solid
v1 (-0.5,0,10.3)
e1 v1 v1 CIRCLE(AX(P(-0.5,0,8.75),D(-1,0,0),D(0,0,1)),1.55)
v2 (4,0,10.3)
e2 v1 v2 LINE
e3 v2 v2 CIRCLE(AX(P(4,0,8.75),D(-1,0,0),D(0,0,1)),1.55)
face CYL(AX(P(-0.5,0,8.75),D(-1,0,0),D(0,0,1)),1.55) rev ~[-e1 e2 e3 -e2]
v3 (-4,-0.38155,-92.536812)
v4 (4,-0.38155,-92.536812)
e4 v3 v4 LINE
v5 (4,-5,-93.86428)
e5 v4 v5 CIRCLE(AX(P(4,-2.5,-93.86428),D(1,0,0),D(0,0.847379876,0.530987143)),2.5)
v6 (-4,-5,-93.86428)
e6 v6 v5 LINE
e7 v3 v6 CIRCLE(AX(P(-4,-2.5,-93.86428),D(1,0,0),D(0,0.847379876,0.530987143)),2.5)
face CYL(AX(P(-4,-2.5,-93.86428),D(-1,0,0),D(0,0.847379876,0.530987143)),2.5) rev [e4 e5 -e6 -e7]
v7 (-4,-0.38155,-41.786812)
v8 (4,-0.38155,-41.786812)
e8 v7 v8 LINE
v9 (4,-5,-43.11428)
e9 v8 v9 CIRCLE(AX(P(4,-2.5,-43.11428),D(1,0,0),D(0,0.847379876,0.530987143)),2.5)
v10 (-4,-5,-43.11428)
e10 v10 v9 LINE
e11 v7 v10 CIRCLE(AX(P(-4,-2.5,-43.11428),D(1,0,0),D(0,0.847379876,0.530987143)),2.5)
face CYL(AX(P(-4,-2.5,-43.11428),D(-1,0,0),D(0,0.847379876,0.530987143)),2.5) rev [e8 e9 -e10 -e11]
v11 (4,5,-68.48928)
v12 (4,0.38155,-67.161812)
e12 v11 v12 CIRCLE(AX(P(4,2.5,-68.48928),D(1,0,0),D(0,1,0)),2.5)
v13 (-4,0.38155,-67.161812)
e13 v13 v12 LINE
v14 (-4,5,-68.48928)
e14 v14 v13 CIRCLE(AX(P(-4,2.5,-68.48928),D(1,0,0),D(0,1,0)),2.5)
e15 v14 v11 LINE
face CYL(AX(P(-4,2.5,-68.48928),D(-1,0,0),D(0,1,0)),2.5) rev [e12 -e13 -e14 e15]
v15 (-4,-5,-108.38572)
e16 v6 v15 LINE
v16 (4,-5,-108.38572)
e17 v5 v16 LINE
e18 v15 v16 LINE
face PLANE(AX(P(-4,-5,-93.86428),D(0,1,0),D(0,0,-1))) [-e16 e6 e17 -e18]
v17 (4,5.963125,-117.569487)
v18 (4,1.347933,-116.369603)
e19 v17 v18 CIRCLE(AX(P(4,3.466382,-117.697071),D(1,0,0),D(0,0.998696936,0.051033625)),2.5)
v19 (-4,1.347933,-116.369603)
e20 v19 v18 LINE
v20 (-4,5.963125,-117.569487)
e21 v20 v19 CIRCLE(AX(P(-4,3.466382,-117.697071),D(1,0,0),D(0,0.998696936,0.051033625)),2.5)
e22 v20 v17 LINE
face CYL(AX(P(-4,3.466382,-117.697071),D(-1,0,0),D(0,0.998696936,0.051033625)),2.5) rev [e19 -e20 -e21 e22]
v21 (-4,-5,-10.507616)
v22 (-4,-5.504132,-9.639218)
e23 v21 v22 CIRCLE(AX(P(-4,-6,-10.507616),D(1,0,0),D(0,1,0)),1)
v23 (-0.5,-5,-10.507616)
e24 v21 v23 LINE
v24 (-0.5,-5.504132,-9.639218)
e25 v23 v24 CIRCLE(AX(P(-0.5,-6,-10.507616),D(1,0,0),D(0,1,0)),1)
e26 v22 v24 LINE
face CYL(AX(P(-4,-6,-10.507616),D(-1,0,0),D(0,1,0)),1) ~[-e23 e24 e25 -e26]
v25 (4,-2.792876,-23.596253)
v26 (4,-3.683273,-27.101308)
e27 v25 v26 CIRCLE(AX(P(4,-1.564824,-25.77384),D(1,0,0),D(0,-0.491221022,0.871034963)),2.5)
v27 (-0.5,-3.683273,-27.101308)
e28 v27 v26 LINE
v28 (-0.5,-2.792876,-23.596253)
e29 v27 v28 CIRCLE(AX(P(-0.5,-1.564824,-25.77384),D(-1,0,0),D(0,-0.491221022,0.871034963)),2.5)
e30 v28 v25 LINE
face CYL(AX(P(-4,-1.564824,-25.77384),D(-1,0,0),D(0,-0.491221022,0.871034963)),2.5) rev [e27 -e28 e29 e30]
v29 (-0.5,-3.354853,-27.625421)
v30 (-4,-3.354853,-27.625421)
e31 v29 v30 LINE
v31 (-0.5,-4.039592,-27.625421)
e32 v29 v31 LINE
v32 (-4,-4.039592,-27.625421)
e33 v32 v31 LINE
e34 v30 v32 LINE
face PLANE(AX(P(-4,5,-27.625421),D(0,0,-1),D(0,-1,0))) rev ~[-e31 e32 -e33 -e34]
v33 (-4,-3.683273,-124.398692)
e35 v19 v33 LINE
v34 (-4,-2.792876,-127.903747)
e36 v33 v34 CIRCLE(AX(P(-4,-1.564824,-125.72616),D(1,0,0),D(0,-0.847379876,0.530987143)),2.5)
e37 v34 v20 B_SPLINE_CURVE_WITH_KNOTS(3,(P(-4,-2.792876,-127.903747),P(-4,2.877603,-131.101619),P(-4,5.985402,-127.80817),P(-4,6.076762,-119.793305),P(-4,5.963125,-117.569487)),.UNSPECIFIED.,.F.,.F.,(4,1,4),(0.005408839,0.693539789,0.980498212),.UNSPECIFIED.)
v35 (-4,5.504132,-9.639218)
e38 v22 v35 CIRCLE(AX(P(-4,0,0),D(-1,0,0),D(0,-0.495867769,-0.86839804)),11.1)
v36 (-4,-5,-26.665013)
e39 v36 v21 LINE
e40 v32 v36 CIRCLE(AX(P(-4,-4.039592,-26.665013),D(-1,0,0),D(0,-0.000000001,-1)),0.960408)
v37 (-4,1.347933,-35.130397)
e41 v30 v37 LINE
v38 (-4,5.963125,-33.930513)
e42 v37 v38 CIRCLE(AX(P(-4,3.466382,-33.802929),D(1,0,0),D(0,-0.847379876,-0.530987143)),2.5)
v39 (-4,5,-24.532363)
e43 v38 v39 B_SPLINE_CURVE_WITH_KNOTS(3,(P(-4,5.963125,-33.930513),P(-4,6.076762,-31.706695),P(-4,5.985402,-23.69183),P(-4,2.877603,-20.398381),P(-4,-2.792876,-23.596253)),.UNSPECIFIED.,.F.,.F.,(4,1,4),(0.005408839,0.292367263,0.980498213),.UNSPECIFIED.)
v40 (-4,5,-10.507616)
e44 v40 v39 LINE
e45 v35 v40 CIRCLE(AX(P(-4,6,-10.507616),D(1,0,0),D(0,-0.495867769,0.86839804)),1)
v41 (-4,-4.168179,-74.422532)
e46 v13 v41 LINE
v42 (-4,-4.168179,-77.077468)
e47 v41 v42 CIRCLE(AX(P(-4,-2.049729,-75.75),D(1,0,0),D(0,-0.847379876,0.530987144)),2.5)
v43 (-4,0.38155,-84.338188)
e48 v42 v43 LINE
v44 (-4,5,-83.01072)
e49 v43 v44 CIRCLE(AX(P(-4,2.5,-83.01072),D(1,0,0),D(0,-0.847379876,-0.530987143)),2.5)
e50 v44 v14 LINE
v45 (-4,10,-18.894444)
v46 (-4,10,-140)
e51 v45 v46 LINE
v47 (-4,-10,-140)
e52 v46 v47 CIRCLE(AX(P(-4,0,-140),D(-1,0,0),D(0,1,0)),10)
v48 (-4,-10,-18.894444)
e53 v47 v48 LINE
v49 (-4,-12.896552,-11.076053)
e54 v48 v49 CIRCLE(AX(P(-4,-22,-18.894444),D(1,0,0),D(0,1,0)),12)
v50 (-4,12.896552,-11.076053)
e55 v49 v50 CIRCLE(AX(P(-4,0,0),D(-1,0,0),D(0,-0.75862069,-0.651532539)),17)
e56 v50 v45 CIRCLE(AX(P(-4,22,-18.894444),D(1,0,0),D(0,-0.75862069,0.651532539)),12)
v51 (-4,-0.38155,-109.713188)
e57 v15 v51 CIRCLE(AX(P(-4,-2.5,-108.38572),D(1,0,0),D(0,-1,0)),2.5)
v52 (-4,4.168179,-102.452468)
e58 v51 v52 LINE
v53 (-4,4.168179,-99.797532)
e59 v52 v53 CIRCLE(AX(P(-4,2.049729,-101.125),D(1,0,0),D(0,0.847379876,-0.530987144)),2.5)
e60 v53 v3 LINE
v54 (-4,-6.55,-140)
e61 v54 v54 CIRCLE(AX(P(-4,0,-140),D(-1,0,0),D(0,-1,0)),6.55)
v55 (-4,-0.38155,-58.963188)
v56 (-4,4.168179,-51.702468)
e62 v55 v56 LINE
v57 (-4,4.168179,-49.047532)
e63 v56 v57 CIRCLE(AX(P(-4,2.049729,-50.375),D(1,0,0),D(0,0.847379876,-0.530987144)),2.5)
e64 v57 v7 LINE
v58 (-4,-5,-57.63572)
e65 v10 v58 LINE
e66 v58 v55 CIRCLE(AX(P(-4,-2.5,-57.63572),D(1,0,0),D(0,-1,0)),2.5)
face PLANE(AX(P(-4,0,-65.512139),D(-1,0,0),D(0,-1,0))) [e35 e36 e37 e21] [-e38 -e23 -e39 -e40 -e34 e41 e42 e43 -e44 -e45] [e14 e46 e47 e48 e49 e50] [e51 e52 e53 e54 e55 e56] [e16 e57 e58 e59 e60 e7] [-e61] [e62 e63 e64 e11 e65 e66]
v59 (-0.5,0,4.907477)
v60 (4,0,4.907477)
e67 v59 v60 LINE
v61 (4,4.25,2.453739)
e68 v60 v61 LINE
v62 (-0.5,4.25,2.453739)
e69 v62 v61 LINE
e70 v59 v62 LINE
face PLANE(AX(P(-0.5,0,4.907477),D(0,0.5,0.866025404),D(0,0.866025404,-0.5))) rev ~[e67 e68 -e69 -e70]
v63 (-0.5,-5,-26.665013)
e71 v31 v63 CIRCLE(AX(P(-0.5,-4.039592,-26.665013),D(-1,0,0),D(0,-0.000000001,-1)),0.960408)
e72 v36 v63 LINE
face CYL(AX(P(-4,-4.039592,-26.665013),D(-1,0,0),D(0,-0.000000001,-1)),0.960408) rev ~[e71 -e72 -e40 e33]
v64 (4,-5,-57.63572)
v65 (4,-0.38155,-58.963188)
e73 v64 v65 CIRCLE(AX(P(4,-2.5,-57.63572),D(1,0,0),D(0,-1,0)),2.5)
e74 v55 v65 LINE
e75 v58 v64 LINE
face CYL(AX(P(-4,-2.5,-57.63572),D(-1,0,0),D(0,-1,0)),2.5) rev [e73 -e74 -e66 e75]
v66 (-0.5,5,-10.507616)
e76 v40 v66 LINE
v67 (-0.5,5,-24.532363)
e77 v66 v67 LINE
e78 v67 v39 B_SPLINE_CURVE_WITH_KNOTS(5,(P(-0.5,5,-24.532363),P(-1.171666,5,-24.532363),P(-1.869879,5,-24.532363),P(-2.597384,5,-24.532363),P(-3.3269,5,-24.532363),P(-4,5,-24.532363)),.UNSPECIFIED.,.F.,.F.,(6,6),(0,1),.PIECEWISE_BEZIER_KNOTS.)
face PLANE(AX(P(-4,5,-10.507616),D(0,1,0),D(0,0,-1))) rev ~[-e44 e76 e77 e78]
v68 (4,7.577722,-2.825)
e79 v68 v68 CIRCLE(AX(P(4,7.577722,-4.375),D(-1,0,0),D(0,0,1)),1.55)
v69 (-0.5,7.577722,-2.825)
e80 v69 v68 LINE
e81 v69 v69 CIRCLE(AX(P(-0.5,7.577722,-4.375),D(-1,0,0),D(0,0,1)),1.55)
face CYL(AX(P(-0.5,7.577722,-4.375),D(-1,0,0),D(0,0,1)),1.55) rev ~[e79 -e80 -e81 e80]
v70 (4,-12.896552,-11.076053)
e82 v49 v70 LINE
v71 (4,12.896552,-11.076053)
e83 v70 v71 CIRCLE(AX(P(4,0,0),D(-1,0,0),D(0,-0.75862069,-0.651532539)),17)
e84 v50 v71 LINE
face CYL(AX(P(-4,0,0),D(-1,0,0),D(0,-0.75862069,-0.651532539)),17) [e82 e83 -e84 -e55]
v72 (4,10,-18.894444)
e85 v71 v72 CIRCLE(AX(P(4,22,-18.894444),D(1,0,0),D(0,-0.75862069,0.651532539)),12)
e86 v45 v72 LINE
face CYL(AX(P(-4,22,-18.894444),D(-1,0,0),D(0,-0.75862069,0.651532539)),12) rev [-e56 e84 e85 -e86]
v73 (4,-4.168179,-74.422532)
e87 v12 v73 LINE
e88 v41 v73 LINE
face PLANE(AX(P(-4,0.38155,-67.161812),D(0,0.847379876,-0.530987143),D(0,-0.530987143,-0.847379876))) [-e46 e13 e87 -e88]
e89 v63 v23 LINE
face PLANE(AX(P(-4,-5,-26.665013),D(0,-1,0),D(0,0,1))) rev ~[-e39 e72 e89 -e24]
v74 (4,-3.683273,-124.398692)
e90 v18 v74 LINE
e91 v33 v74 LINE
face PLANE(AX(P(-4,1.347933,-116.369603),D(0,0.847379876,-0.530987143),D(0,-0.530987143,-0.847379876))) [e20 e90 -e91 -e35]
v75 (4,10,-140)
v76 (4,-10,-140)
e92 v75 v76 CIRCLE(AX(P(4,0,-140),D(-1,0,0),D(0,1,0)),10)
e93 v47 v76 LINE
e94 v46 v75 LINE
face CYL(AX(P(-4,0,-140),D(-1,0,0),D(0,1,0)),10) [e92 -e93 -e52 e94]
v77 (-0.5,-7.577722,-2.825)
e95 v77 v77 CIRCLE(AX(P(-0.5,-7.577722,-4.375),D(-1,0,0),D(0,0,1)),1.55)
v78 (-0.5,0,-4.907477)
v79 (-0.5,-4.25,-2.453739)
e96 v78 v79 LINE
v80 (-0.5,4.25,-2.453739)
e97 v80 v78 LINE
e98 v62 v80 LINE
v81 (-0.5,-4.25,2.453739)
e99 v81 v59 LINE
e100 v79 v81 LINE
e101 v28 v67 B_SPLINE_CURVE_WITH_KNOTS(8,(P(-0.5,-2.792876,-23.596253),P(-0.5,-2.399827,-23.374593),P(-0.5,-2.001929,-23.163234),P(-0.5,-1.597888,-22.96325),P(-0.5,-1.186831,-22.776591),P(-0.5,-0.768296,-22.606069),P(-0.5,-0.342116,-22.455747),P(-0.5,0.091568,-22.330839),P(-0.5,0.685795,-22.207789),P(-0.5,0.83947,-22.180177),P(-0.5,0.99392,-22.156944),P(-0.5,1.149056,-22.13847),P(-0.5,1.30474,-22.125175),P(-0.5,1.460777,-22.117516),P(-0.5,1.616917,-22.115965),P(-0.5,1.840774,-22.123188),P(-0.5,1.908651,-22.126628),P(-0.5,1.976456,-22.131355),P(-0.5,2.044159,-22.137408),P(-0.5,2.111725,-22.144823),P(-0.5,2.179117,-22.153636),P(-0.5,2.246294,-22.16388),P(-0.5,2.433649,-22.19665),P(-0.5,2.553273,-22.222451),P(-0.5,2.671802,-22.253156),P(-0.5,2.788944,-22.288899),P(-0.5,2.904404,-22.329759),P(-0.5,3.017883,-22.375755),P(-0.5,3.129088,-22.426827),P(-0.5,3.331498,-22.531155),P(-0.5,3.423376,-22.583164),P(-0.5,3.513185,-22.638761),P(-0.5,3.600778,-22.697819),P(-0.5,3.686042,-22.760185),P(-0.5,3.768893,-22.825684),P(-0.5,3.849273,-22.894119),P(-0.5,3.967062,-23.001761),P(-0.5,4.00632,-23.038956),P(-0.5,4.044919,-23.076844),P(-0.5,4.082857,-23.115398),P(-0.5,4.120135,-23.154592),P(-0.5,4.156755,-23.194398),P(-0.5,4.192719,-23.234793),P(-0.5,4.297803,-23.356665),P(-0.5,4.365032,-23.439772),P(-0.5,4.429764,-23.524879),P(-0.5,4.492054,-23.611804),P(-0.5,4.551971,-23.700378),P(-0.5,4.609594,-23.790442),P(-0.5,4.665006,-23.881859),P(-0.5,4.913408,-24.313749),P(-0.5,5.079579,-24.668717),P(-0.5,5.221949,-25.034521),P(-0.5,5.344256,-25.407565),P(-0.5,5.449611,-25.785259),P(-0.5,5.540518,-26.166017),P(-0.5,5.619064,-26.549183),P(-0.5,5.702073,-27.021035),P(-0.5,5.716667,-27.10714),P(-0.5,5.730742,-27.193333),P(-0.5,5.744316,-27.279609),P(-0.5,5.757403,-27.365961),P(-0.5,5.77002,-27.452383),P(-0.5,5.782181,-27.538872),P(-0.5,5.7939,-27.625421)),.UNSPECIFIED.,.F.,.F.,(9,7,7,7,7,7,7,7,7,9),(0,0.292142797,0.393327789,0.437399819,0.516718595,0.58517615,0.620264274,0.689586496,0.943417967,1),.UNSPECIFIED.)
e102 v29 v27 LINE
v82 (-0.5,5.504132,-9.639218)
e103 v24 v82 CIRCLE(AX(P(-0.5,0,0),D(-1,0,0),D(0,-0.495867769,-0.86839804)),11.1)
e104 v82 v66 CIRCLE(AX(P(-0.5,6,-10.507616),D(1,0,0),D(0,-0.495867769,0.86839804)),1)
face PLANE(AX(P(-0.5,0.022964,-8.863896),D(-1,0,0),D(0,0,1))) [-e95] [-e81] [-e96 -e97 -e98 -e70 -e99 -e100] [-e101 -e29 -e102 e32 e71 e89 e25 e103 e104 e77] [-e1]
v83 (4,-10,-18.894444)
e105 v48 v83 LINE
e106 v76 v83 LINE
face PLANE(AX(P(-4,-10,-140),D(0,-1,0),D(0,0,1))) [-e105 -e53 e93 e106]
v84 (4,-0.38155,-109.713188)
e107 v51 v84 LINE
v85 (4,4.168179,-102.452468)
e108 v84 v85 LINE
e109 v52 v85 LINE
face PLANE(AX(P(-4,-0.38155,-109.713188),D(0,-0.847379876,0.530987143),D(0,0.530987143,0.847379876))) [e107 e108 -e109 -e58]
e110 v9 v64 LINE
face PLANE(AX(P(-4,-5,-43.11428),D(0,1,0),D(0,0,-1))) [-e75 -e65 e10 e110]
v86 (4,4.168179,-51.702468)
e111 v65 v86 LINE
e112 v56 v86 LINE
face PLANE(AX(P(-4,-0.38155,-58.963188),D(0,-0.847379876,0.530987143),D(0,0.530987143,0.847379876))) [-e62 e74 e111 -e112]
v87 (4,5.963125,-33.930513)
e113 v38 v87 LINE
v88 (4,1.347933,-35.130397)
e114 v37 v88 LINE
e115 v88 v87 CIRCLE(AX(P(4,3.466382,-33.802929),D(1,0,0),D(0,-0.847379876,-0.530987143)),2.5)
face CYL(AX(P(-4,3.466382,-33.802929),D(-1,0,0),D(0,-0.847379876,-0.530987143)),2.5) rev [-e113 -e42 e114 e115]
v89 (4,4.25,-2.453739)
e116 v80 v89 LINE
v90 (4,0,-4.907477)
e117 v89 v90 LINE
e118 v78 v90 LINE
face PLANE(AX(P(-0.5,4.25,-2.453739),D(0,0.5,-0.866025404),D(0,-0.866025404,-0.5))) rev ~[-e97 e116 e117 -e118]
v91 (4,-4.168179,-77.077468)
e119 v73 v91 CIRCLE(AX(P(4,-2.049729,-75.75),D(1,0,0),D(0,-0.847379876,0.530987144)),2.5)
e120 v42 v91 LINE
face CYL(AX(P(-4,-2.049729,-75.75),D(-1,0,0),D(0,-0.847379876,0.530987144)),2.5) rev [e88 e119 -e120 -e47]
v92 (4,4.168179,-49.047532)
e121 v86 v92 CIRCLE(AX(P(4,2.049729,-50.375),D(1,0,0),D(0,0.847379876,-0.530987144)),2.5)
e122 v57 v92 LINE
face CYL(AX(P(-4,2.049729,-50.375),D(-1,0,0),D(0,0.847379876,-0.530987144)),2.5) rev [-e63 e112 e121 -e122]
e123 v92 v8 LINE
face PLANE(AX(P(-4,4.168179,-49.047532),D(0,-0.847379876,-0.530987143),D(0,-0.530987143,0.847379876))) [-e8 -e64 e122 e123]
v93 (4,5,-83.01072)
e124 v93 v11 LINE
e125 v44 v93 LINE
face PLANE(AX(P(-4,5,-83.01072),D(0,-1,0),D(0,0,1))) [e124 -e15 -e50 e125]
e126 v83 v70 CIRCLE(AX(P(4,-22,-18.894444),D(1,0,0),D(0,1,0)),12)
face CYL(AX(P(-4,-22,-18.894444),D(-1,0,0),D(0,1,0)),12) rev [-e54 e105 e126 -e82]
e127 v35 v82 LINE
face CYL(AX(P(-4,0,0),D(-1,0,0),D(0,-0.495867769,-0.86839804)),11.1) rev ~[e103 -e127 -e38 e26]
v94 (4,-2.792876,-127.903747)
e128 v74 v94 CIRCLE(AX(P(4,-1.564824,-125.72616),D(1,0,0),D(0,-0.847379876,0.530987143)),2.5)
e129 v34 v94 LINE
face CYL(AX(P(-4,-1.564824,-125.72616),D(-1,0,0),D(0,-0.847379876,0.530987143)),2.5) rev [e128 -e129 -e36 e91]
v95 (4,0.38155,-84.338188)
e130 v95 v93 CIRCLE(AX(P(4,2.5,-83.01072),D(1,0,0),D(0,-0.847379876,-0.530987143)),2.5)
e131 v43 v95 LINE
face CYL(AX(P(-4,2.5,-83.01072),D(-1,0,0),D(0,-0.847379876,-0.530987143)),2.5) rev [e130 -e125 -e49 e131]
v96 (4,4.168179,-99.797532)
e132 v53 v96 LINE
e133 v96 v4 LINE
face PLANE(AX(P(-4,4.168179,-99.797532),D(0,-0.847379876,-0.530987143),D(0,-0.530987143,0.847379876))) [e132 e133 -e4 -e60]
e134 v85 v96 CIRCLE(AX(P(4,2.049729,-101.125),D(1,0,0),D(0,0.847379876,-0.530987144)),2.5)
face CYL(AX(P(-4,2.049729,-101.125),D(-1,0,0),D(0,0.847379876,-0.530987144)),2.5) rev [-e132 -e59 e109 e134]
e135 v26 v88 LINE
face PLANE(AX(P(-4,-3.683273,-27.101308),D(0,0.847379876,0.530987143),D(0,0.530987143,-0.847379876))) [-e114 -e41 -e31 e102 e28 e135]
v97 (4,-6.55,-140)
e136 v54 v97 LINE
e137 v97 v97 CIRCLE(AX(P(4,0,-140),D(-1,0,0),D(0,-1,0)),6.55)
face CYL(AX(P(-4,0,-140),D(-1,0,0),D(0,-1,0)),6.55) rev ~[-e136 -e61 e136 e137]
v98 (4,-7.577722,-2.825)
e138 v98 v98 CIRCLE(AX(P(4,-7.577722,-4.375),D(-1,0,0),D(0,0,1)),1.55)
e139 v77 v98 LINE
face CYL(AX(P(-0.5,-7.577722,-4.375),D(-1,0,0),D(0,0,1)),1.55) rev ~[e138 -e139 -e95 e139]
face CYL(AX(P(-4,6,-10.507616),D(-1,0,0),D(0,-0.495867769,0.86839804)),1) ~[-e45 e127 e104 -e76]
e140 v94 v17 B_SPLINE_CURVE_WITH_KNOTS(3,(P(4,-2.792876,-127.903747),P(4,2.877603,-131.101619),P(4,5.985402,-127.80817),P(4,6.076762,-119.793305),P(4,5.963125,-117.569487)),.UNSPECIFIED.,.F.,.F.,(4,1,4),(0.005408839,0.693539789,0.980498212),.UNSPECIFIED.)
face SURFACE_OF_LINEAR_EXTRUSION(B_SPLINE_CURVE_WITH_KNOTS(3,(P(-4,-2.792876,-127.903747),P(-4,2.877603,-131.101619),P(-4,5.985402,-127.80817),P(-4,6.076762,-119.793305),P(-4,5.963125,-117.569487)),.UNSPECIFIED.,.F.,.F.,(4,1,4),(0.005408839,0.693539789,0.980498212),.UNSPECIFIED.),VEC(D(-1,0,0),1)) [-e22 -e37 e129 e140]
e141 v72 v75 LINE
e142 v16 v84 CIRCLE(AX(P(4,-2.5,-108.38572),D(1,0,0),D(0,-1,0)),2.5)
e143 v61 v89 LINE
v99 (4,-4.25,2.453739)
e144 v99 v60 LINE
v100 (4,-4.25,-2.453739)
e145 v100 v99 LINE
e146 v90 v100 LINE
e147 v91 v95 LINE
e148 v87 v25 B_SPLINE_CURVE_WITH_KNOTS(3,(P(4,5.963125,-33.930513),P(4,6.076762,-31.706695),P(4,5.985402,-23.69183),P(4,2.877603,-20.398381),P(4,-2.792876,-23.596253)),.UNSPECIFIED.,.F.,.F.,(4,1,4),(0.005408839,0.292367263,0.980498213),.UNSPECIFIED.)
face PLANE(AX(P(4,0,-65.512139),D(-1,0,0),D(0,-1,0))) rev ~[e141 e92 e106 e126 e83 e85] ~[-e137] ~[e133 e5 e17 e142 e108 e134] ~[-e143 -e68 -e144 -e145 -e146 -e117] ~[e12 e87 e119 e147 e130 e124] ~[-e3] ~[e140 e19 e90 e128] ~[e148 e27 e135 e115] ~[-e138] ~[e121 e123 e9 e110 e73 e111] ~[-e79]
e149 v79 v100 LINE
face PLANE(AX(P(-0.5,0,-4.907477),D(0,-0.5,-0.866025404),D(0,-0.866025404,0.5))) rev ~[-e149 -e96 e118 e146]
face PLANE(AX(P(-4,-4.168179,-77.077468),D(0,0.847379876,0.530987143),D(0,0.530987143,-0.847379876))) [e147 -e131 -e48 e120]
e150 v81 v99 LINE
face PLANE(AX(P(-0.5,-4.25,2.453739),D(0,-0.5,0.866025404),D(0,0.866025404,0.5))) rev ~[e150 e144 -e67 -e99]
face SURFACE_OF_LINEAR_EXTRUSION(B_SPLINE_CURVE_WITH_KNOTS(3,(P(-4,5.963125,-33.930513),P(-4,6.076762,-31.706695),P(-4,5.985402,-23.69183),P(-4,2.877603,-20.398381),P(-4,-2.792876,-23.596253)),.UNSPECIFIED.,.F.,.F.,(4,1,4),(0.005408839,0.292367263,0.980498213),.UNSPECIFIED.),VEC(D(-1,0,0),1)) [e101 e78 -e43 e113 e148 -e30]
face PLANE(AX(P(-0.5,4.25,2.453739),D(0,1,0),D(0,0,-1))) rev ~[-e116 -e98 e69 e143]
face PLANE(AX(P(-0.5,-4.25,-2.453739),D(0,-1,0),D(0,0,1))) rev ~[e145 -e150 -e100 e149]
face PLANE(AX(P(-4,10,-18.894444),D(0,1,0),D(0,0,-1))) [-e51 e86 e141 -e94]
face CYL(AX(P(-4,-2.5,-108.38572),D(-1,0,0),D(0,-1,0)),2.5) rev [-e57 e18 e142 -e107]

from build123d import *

# Parameters (mm, degrees)
SKETCH_1_R          = 6.55
EXTRUDE_1_DEPTH     = 8
CUT_EXTRUDE_1_DEPTH = 3.5
SKETCH_3_R          = 1.55
CUT_EXTRUDE_2_DEPTH = 5.5000001


with BuildPart() as part:
    # 草图1 → 凸台-拉伸1 (new body)
    with BuildSketch(Plane(origin=(-4, 0, 0), x_dir=(0, -1, 0), z_dir=(-1, 0, 0))):
        with BuildLine():
            Line((-10, -18.894443628), (-10, -140))
            ThreePointArc((-10, -140), (0, -150), (10, -140))
            Line((10, -140), (10, -18.894443628))
            ThreePointArc((10, -18.894443628), (10.74741409, -14.725593625), (12.896551724, -11.076053161))
            ThreePointArc((12.896551724, -11.076053161), (0, 17), (-12.896551724, -11.076053161))
            ThreePointArc((-12.896551724, -11.076053161), (-10.74741409, -14.725593625), (-10, -18.894443628))
        make_face()
        with Locations((0, -140)):
            Circle(SKETCH_1_R, mode=Mode.SUBTRACT)
        with BuildLine():
            Line((-4.168179012, -99.797532142), (0.381550311, -92.536811957))
            ThreePointArc((0.381550311, -92.536811957), (3.190606899, -91.461560083), (5, -93.864279815))
            Line((5, -93.864279815), (5, -108.385720185))
            ThreePointArc((5, -108.385720185), (3.190606899, -110.788439917), (0.381550311, -109.713188043))
            Line((0.381550311, -109.713188043), (-4.168179012, -102.452467858))
            ThreePointArc((-4.168179012, -102.452467858), (-4.549729323, -101.125), (-4.168179012, -99.797532142))
        make_face(mode=Mode.SUBTRACT)
        with BuildLine():
            Line((-1.347932676, -116.369603301), (3.683273316, -124.398691695))
            ThreePointArc((3.683273316, -124.398691695), (3.98786354, -126.341689874), (2.792876182, -127.903746961))
            add(Edge.make_bspline(
                [(2.792876182, -127.903746961), (-2.877603269, -131.101619406), (-5.985402229, -127.808170374), (-6.076762251, -119.793304589), (-5.963124704, -117.569487096)],
                knots=[0.005408839, 0.005408839, 0.005408839, 0.005408839, 0.693539789, 0.980498212, 0.980498212, 0.980498212, 0.980498212], degree=3))
            ThreePointArc((-5.963124704, -117.569487096), (-4.09543452, -115.277506448), (-1.347932676, -116.369603301))
        make_face(mode=Mode.SUBTRACT)
        with BuildLine():
            Line((0.381550311, -58.963188043), (-4.168179012, -51.702467858))
            ThreePointArc((-4.168179012, -51.702467858), (-4.549729323, -50.375), (-4.168179012, -49.047532142))
            Line((-4.168179012, -49.047532142), (0.381550311, -41.786811957))
            ThreePointArc((0.381550311, -41.786811957), (3.190606899, -40.711560083), (5, -43.114279815))
            Line((5, -43.114279815), (5, -57.635720185))
            ThreePointArc((5, -57.635720185), (3.190606899, -60.038439917), (0.381550311, -58.963188043))
        make_face(mode=Mode.SUBTRACT)
        with BuildLine():
            Line((3.683273317, -27.101308304), (-1.347932676, -35.130396699))
            ThreePointArc((-1.347932676, -35.130396699), (-4.095434519, -36.222493552), (-5.963124704, -33.930512906))
            add(Edge.make_bspline(
                [(-5.963124704, -33.930512906), (-6.076762251, -31.706695412), (-5.98540223, -23.691829624), (-2.877603269, -20.398380591), (2.792876182, -23.596253037)],
                knots=[0.005408839, 0.005408839, 0.005408839, 0.005408839, 0.292367263, 0.980498213, 0.980498213, 0.980498213, 0.980498213], degree=3))
            ThreePointArc((2.792876182, -23.596253037), (3.987863541, -25.158310124), (3.683273317, -27.101308304))
        make_face(mode=Mode.SUBTRACT)
        with BuildLine():
            Line((4.168179012, -77.077467858), (-0.381550311, -84.338188043))
            ThreePointArc((-0.381550311, -84.338188043), (-3.190606899, -85.413439917), (-5, -83.010720185))
            Line((-5, -83.010720185), (-5, -68.489279815))
            ThreePointArc((-5, -68.489279815), (-3.190606899, -66.086560083), (-0.381550311, -67.161811957))
            Line((-0.381550311, -67.161811957), (4.168179012, -74.422532142))
            ThreePointArc((4.168179012, -74.422532142), (4.549729323, -75.75), (4.168179012, -77.077467858))
        make_face(mode=Mode.SUBTRACT)
    extrude(amount=-EXTRUDE_1_DEPTH)

    # 草图2 → 切除-拉伸1 (cut)
    with BuildSketch(Plane.ZY.offset(4)):
        with BuildLine():
            Line((-23.794604197, 5), (-27.625420737, 5))
            Line((-27.625420737, 5), (-27.625420737, -4.039591784))
            ThreePointArc((-27.625420737, -4.039591784), (-27.344123683, -4.718702946), (-26.665012521, -5))
            Line((-26.665012521, -5), (-23.794604197, -5))
            Line((-23.794604197, -5), (-10.507616285, -5))
            ThreePointArc((-10.507616285, -5), (-10.005554421, -5.135168291), (-9.639218245, -5.504132231))
            ThreePointArc((-9.639218245, -5.504132231), (11.1, 0), (-9.639218245, 5.504132231))
            ThreePointArc((-9.639218245, 5.504132231), (-10.005554421, 5.135168291), (-10.507616285, 5))
            Line((-10.507616285, 5), (-23.794604197, 5))
        make_face()
    extrude(amount=-CUT_EXTRUDE_1_DEPTH, mode=Mode.SUBTRACT)

    # 草图3 → 切除-拉伸2 (cut, through all)
    with BuildSketch(Plane.ZY.offset(0.5)):
        with Locations((-4.375, 7.577722283)):
            Circle(SKETCH_3_R)
        with Locations((-4.375, -7.577722283)):
            Circle(SKETCH_3_R)
        with Locations((8.75, 0)):
            Circle(SKETCH_3_R)
        Polygon((4.907477288, 0), (2.453738644, 4.25), (-2.453738644, 4.25), (-4.907477288, 0), (-2.453738644, -4.25), (2.453738644, -4.25), align=None)
    extrude(amount=-CUT_EXTRUDE_2_DEPTH, mode=Mode.SUBTRACT)


solid = part.part
